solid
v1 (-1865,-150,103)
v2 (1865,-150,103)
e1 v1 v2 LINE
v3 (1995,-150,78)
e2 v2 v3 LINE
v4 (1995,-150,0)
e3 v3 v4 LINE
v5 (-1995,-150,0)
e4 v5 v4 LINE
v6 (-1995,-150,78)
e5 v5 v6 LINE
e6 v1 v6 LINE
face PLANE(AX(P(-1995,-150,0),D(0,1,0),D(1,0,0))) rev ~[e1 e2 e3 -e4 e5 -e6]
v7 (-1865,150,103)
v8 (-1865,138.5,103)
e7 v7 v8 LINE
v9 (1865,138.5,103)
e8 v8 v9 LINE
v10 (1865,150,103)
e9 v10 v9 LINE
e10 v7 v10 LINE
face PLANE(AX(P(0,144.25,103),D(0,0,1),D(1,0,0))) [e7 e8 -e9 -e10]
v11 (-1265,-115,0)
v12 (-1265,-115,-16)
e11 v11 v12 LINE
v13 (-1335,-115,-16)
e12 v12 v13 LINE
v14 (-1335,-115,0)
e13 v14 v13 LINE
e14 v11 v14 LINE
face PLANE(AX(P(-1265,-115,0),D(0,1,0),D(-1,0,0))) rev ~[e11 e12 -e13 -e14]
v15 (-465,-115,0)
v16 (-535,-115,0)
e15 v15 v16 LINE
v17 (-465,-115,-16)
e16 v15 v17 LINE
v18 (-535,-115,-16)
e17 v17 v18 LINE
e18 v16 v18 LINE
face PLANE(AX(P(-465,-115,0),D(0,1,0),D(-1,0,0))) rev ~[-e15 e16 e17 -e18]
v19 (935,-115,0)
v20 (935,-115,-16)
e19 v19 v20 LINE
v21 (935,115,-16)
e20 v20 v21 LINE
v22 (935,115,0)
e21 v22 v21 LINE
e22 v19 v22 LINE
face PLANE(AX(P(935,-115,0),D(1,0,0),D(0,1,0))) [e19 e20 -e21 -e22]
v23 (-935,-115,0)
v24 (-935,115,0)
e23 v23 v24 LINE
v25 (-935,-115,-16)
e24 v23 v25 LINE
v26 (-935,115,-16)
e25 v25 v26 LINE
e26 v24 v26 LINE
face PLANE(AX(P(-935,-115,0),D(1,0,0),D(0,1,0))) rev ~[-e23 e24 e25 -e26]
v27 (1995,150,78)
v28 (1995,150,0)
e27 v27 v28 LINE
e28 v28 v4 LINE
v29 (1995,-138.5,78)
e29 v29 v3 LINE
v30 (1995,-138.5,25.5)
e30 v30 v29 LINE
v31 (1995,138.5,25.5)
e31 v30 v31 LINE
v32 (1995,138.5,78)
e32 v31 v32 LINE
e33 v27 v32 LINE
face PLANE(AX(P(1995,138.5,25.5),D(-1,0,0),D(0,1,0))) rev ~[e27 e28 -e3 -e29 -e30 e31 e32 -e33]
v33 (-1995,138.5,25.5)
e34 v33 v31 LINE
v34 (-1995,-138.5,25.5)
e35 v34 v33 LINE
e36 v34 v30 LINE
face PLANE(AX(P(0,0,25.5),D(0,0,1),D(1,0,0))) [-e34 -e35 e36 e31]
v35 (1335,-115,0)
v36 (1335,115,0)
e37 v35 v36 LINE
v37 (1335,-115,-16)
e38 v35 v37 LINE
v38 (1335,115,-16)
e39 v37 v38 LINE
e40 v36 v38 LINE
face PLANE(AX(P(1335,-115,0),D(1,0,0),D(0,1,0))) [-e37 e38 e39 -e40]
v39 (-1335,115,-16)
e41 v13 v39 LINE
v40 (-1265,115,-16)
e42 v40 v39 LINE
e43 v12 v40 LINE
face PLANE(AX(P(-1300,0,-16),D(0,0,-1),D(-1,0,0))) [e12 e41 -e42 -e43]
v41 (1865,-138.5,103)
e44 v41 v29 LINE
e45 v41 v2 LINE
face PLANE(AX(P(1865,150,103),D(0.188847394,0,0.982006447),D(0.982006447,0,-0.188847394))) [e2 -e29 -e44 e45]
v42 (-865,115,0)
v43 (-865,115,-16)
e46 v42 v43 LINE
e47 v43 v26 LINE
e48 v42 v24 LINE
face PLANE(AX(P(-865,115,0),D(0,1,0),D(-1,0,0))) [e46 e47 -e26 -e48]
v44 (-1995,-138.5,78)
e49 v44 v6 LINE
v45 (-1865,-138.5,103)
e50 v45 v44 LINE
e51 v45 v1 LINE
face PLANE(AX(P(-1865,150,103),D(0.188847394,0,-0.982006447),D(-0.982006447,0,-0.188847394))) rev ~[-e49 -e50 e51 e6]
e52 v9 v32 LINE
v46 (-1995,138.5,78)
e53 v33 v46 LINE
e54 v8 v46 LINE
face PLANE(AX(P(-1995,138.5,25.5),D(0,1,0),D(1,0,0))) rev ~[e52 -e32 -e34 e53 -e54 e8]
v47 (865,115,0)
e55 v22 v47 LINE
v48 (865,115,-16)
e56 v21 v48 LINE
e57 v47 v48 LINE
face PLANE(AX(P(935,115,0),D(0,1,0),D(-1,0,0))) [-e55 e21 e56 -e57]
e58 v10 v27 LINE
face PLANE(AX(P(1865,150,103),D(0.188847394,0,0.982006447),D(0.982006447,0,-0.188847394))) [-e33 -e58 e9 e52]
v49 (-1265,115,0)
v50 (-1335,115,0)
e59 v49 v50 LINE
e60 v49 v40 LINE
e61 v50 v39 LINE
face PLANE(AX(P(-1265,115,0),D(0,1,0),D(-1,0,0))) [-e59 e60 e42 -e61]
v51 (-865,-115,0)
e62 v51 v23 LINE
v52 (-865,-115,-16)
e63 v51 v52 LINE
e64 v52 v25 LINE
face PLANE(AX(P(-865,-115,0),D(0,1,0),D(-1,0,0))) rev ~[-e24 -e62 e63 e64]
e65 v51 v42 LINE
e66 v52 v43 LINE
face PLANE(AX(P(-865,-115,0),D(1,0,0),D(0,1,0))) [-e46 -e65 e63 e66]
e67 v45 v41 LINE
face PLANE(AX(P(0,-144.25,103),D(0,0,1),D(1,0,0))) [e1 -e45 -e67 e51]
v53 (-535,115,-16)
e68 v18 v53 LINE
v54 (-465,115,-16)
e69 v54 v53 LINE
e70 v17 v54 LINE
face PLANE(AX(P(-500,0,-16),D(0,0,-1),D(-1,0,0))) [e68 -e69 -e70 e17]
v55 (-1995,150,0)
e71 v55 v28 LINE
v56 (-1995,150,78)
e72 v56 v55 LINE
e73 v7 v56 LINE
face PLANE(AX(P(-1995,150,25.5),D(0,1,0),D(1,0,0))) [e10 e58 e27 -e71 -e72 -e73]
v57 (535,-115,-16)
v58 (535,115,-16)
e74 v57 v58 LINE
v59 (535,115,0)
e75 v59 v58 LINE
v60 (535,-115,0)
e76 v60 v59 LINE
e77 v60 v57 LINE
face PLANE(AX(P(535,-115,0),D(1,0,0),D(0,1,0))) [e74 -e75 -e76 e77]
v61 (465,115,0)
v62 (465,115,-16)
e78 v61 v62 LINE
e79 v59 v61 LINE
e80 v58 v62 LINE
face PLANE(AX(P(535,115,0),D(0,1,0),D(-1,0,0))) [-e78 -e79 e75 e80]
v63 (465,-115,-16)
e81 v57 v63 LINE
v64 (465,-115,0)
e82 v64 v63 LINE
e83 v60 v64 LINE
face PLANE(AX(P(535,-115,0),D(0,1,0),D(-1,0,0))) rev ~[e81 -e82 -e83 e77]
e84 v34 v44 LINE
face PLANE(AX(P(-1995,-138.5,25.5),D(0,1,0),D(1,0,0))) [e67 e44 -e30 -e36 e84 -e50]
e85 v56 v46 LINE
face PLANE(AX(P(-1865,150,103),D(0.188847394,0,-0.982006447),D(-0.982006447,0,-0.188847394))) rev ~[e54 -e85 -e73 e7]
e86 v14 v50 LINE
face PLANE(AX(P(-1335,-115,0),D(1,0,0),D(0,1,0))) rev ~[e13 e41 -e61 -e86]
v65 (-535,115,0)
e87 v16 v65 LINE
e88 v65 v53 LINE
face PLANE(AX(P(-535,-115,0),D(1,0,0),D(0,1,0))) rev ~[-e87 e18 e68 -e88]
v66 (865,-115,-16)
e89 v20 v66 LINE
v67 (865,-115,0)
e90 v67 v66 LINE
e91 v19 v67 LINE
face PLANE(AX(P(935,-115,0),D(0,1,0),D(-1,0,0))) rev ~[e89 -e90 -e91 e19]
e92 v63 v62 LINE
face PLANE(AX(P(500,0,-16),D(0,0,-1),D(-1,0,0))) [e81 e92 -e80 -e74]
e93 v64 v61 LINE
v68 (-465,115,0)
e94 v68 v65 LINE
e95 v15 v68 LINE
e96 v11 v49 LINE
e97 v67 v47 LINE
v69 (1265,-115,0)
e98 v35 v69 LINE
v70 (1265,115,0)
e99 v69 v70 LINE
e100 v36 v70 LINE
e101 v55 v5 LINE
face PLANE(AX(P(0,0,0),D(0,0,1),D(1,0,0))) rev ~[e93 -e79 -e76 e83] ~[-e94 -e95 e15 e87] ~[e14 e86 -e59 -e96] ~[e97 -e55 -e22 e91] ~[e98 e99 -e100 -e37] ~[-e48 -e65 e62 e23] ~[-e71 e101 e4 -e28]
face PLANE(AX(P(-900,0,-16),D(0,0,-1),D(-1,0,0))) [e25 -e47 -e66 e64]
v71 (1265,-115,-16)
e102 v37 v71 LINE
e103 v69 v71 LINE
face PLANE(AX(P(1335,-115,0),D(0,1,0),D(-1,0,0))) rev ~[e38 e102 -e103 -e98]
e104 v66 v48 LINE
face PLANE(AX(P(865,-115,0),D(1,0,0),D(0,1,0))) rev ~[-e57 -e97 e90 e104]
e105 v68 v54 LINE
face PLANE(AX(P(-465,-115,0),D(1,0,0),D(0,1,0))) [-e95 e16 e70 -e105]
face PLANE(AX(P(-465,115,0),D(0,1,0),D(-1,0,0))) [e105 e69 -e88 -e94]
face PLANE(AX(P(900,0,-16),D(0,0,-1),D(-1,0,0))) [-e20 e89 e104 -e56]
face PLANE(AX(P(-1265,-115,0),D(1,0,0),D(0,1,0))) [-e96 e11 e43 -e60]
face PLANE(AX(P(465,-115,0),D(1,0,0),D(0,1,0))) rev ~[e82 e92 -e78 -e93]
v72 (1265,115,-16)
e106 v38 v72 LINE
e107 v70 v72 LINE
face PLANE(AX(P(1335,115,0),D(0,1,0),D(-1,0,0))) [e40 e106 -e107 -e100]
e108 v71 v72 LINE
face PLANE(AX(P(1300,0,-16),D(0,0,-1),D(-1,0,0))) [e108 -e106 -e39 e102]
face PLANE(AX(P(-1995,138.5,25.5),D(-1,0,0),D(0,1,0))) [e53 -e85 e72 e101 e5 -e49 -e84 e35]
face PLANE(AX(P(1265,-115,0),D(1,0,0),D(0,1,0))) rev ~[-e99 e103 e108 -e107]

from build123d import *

# Parameters (mm, degrees)
SKETCH_1_W          = 3990
SKETCH_1_H          = 300
SKETCH_1_R          = 13
SKETCH_1_R_2        = 11.5
EXTRUDE_1608_DEPTH  = 25.5
SKETCH_2_W          = 3990
SKETCH_2_H          = 11.5
EXTRUDE_1_DEPTH     = 77.5
SKETCH_3_W          = 70
SKETCH_3_H          = 230
EXTRUDE_2_DEPTH     = 16
SKETCH_4_R          = 13
CUT_EXTRUDE_1_DEPTH = 2003.131676489
CUT_EXTRUDE_2_DEPTH = 2021.057919962
SKETCH_6_W          = 3990
SKETCH_6_H          = 277
EXTRUDE_3_DEPTH     = 25.5
SKETCH_7_W          = 70
SKETCH_7_H          = 230
EXTRUDE_4_DEPTH     = 16


with BuildPart() as part:
    # 草图1 → Extrude 1608 (new body)
    with BuildSketch(Plane.XY):
        Rectangle(SKETCH_1_W, SKETCH_1_H)
        with Locations((1940, 80)):
            Circle(SKETCH_1_R, mode=Mode.SUBTRACT)
        with Locations((1860, 80)):
            Circle(SKETCH_1_R, mode=Mode.SUBTRACT)
        with Locations((1780, 80)):
            Circle(SKETCH_1_R, mode=Mode.SUBTRACT)
        with Locations((1700, 80)):
            Circle(SKETCH_1_R, mode=Mode.SUBTRACT)
        with Locations((1540, 80)):
            Circle(SKETCH_1_R_2, mode=Mode.SUBTRACT)
        with Locations((1380, 80)):
            Circle(SKETCH_1_R_2, mode=Mode.SUBTRACT)
        with Locations((1220, 80)):
            Circle(SKETCH_1_R_2, mode=Mode.SUBTRACT)
        with Locations((1060, 80)):
            Circle(SKETCH_1_R_2, mode=Mode.SUBTRACT)
        with Locations((980, 80)):
            Circle(SKETCH_1_R_2, mode=Mode.SUBTRACT)
        with Locations((820, 80)):
            Circle(SKETCH_1_R_2, mode=Mode.SUBTRACT)
        with Locations((740, 80)):
            Circle(SKETCH_1_R_2, mode=Mode.SUBTRACT)
        with Locations((580, 80)):
            Circle(SKETCH_1_R_2, mode=Mode.SUBTRACT)
        with Locations((980, 0)):
            Circle(SKETCH_1_R_2, mode=Mode.SUBTRACT)
        with Locations((1060, 0)):
            Circle(SKETCH_1_R_2, mode=Mode.SUBTRACT)
        with Locations((820, 0)):
            Circle(SKETCH_1_R_2, mode=Mode.SUBTRACT)
        with Locations((740, 0)):
            Circle(SKETCH_1_R_2, mode=Mode.SUBTRACT)
        with Locations((580, 0)):
            Circle(SKETCH_1_R_2, mode=Mode.SUBTRACT)
        with Locations((1220, 0)):
            Circle(SKETCH_1_R_2, mode=Mode.SUBTRACT)
        with Locations((1380, 0)):
            Circle(SKETCH_1_R_2, mode=Mode.SUBTRACT)
        with Locations((1540, 0)):
            Circle(SKETCH_1_R_2, mode=Mode.SUBTRACT)
        with Locations((1700, 0)):
            Circle(SKETCH_1_R, mode=Mode.SUBTRACT)
        with Locations((1780, 0)):
            Circle(SKETCH_1_R, mode=Mode.SUBTRACT)
        with Locations((1860, 0)):
            Circle(SKETCH_1_R, mode=Mode.SUBTRACT)
        with Locations((1940, 0)):
            Circle(SKETCH_1_R, mode=Mode.SUBTRACT)
        with Locations((420, 80)):
            Circle(SKETCH_1_R_2, mode=Mode.SUBTRACT)
        with Locations((420, 0)):
            Circle(SKETCH_1_R_2, mode=Mode.SUBTRACT)
        with Locations((300, 0)):
            Circle(SKETCH_1_R_2, mode=Mode.SUBTRACT)
        with Locations((300, 80)):
            Circle(SKETCH_1_R_2, mode=Mode.SUBTRACT)
        with Locations((220, 80)):
            Circle(SKETCH_1_R_2, mode=Mode.SUBTRACT)
        with Locations((220, 0)):
            Circle(SKETCH_1_R_2, mode=Mode.SUBTRACT)
        with Locations((140, 0)):
            Circle(SKETCH_1_R, mode=Mode.SUBTRACT)
        with Locations((140, 80)):
            Circle(SKETCH_1_R, mode=Mode.SUBTRACT)
        with Locations((60, 80)):
            Circle(SKETCH_1_R, mode=Mode.SUBTRACT)
        with Locations((60, 0)):
            Circle(SKETCH_1_R, mode=Mode.SUBTRACT)
        with Locations(Location((1700, -80, 0), (0, 0, 180))):
            Circle(SKETCH_1_R, mode=Mode.SUBTRACT)
        with Locations(Location((1780, -80, 0), (0, 0, 180))):
            Circle(SKETCH_1_R, mode=Mode.SUBTRACT)
        with Locations(Location((1860, -80, 0), (0, 0, 180))):
            Circle(SKETCH_1_R, mode=Mode.SUBTRACT)
        with Locations(Location((1940, -80, 0), (0, 0, 180))):
            Circle(SKETCH_1_R, mode=Mode.SUBTRACT)
        with Locations(Location((580, -80, 0), (0, 0, 180))):
            Circle(SKETCH_1_R_2, mode=Mode.SUBTRACT)
        with Locations(Location((740, -80, 0), (0, 0, 180))):
            Circle(SKETCH_1_R_2, mode=Mode.SUBTRACT)
        with Locations(Location((820, -80, 0), (0, 0, 180))):
            Circle(SKETCH_1_R_2, mode=Mode.SUBTRACT)
        with Locations(Location((980, -80, 0), (0, 0, 180))):
            Circle(SKETCH_1_R_2, mode=Mode.SUBTRACT)
        with Locations(Location((1060, -80, 0), (0, 0, 180))):
            Circle(SKETCH_1_R_2, mode=Mode.SUBTRACT)
        with Locations(Location((1220, -80, 0), (0, 0, 180))):
            Circle(SKETCH_1_R_2, mode=Mode.SUBTRACT)
        with Locations(Location((1380, -80, 0), (0, 0, 180))):
            Circle(SKETCH_1_R_2, mode=Mode.SUBTRACT)
        with Locations(Location((1540, -80, 0), (0, 0, 180))):
            Circle(SKETCH_1_R_2, mode=Mode.SUBTRACT)
        with Locations(Location((220, -80, 0), (0, 0, 180))):
            Circle(SKETCH_1_R_2, mode=Mode.SUBTRACT)
        with Locations(Location((300, -80, 0), (0, 0, 180))):
            Circle(SKETCH_1_R_2, mode=Mode.SUBTRACT)
        with Locations(Location((420, -80, 0), (0, 0, 180))):
            Circle(SKETCH_1_R_2, mode=Mode.SUBTRACT)
        with Locations(Location((60, -80, 0), (0, 0, 180))):
            Circle(SKETCH_1_R, mode=Mode.SUBTRACT)
        with Locations(Location((140, -80, 0), (0, 0, 180))):
            Circle(SKETCH_1_R, mode=Mode.SUBTRACT)
        with Locations((-140, -80)):
            Circle(SKETCH_1_R, mode=Mode.SUBTRACT)
        with Locations((-60, -80)):
            Circle(SKETCH_1_R, mode=Mode.SUBTRACT)
        with Locations((-580, -80)):
            Circle(SKETCH_1_R_2, mode=Mode.SUBTRACT)
        with Locations((-420, -80)):
            Circle(SKETCH_1_R_2, mode=Mode.SUBTRACT)
        with Locations((-300, -80)):
            Circle(SKETCH_1_R_2, mode=Mode.SUBTRACT)
        with Locations((-220, -80)):
            Circle(SKETCH_1_R_2, mode=Mode.SUBTRACT)
        with Locations((-1540, -80)):
            Circle(SKETCH_1_R_2, mode=Mode.SUBTRACT)
        with Locations((-1380, -80)):
            Circle(SKETCH_1_R_2, mode=Mode.SUBTRACT)
        with Locations((-1220, -80)):
            Circle(SKETCH_1_R_2, mode=Mode.SUBTRACT)
        with Locations((-1060, -80)):
            Circle(SKETCH_1_R_2, mode=Mode.SUBTRACT)
        with Locations((-980, -80)):
            Circle(SKETCH_1_R_2, mode=Mode.SUBTRACT)
        with Locations((-820, -80)):
            Circle(SKETCH_1_R_2, mode=Mode.SUBTRACT)
        with Locations((-740, -80)):
            Circle(SKETCH_1_R_2, mode=Mode.SUBTRACT)
        with Locations((-1940, -80)):
            Circle(SKETCH_1_R, mode=Mode.SUBTRACT)
        with Locations((-1860, -80)):
            Circle(SKETCH_1_R, mode=Mode.SUBTRACT)
        with Locations((-1780, -80)):
            Circle(SKETCH_1_R, mode=Mode.SUBTRACT)
        with Locations((-1700, -80)):
            Circle(SKETCH_1_R, mode=Mode.SUBTRACT)
        with Locations(Location((-60, 0, 0), (0, 0, 180))):
            Circle(SKETCH_1_R, mode=Mode.SUBTRACT)
        with Locations(Location((-60, 80, 0), (0, 0, 180))):
            Circle(SKETCH_1_R, mode=Mode.SUBTRACT)
        with Locations(Location((-140, 80, 0), (0, 0, 180))):
            Circle(SKETCH_1_R, mode=Mode.SUBTRACT)
        with Locations(Location((-140, 0, 0), (0, 0, 180))):
            Circle(SKETCH_1_R, mode=Mode.SUBTRACT)
        with Locations(Location((-220, 0, 0), (0, 0, 180))):
            Circle(SKETCH_1_R_2, mode=Mode.SUBTRACT)
        with Locations(Location((-220, 80, 0), (0, 0, 180))):
            Circle(SKETCH_1_R_2, mode=Mode.SUBTRACT)
        with Locations(Location((-300, 80, 0), (0, 0, 180))):
            Circle(SKETCH_1_R_2, mode=Mode.SUBTRACT)
        with Locations(Location((-300, 0, 0), (0, 0, 180))):
            Circle(SKETCH_1_R_2, mode=Mode.SUBTRACT)
        with Locations(Location((-420, 0, 0), (0, 0, 180))):
            Circle(SKETCH_1_R_2, mode=Mode.SUBTRACT)
        with Locations(Location((-420, 80, 0), (0, 0, 180))):
            Circle(SKETCH_1_R_2, mode=Mode.SUBTRACT)
        with Locations(Location((-1940, 0, 0), (0, 0, 180))):
            Circle(SKETCH_1_R, mode=Mode.SUBTRACT)
        with Locations(Location((-1860, 0, 0), (0, 0, 180))):
            Circle(SKETCH_1_R, mode=Mode.SUBTRACT)
        with Locations(Location((-1780, 0, 0), (0, 0, 180))):
            Circle(SKETCH_1_R, mode=Mode.SUBTRACT)
        with Locations(Location((-1700, 0, 0), (0, 0, 180))):
            Circle(SKETCH_1_R, mode=Mode.SUBTRACT)
        with Locations(Location((-1540, 0, 0), (0, 0, 180))):
            Circle(SKETCH_1_R_2, mode=Mode.SUBTRACT)
        with Locations(Location((-1380, 0, 0), (0, 0, 180))):
            Circle(SKETCH_1_R_2, mode=Mode.SUBTRACT)
        with Locations(Location((-1220, 0, 0), (0, 0, 180))):
            Circle(SKETCH_1_R_2, mode=Mode.SUBTRACT)
        with Locations(Location((-580, 0, 0), (0, 0, 180))):
            Circle(SKETCH_1_R_2, mode=Mode.SUBTRACT)
        with Locations(Location((-740, 0, 0), (0, 0, 180))):
            Circle(SKETCH_1_R_2, mode=Mode.SUBTRACT)
        with Locations(Location((-820, 0, 0), (0, 0, 180))):
            Circle(SKETCH_1_R_2, mode=Mode.SUBTRACT)
        with Locations(Location((-1060, 0, 0), (0, 0, 180))):
            Circle(SKETCH_1_R_2, mode=Mode.SUBTRACT)
        with Locations(Location((-980, 0, 0), (0, 0, 180))):
            Circle(SKETCH_1_R_2, mode=Mode.SUBTRACT)
        with Locations(Location((-580, 80, 0), (0, 0, 180))):
            Circle(SKETCH_1_R_2, mode=Mode.SUBTRACT)
        with Locations(Location((-740, 80, 0), (0, 0, 180))):
            Circle(SKETCH_1_R_2, mode=Mode.SUBTRACT)
        with Locations(Location((-820, 80, 0), (0, 0, 180))):
            Circle(SKETCH_1_R_2, mode=Mode.SUBTRACT)
        with Locations(Location((-980, 80, 0), (0, 0, 180))):
            Circle(SKETCH_1_R_2, mode=Mode.SUBTRACT)
        with Locations(Location((-1060, 80, 0), (0, 0, 180))):
            Circle(SKETCH_1_R_2, mode=Mode.SUBTRACT)
        with Locations(Location((-1220, 80, 0), (0, 0, 180))):
            Circle(SKETCH_1_R_2, mode=Mode.SUBTRACT)
        with Locations(Location((-1380, 80, 0), (0, 0, 180))):
            Circle(SKETCH_1_R_2, mode=Mode.SUBTRACT)
        with Locations(Location((-1540, 80, 0), (0, 0, 180))):
            Circle(SKETCH_1_R_2, mode=Mode.SUBTRACT)
        with Locations(Location((-1700, 80, 0), (0, 0, 180))):
            Circle(SKETCH_1_R, mode=Mode.SUBTRACT)
        with Locations(Location((-1780, 80, 0), (0, 0, 180))):
            Circle(SKETCH_1_R, mode=Mode.SUBTRACT)
        with Locations(Location((-1860, 80, 0), (0, 0, 180))):
            Circle(SKETCH_1_R, mode=Mode.SUBTRACT)
        with Locations(Location((-1940, 80, 0), (0, 0, 180))):
            Circle(SKETCH_1_R, mode=Mode.SUBTRACT)
    extrude(amount=EXTRUDE_1608_DEPTH)

    # 草图2 → 凸台-拉伸1 (add)
    with BuildSketch(Plane.XY.offset(25.5)):
        with Locations((0, 144.25)):
            Rectangle(SKETCH_2_W, SKETCH_2_H)
        with Locations((0, -144.25)):
            Rectangle(SKETCH_2_W, SKETCH_2_H)
    extrude(amount=EXTRUDE_1_DEPTH)

    # 草图3 → 凸台-拉伸2 (add)
    with BuildSketch(Plane(origin=(0, 0, 0), x_dir=(-1, 0, 0), z_dir=(0, 0, -1))):
        with Locations((1300, 0)):
            Rectangle(SKETCH_3_W, SKETCH_3_H)
        with Locations((900, 0)):
            Rectangle(SKETCH_3_W, SKETCH_3_H)
        with Locations((-1300, 0)):
            Rectangle(SKETCH_3_W, SKETCH_3_H)
        with Locations((500, 0)):
            Rectangle(SKETCH_3_W, SKETCH_3_H)
        with Locations((-900, 0)):
            Rectangle(SKETCH_3_W, SKETCH_3_H)
        with Locations((-500, 0)):
            Rectangle(SKETCH_3_W, SKETCH_3_H)
    extrude(amount=EXTRUDE_2_DEPTH)

    # 草图4 → 切除-拉伸1 (cut, through all)
    with BuildSketch(Plane.XY.offset(25.5)):
        with Locations((1300, 80)):
            Circle(SKETCH_4_R)
        with Locations((900, 80)):
            Circle(SKETCH_4_R)
        with Locations((900, 0)):
            Circle(SKETCH_4_R)
        with Locations((1300, 0)):
            Circle(SKETCH_4_R)
        with Locations((900, -80)):
            Circle(SKETCH_4_R)
        with Locations((1300, -80)):
            Circle(SKETCH_4_R)
        with Locations((500, 80)):
            Circle(SKETCH_4_R)
        with Locations((500, 0)):
            Circle(SKETCH_4_R)
        with Locations((500, -80)):
            Circle(SKETCH_4_R)
        with Locations((-500, -80)):
            Circle(SKETCH_4_R)
        with Locations((-500, 0)):
            Circle(SKETCH_4_R)
        with Locations((-500, 80)):
            Circle(SKETCH_4_R)
        with Locations((-1300, -80)):
            Circle(SKETCH_4_R)
        with Locations((-900, -80)):
            Circle(SKETCH_4_R)
        with Locations((-1300, 0)):
            Circle(SKETCH_4_R)
        with Locations((-900, 0)):
            Circle(SKETCH_4_R)
        with Locations((-900, 80)):
            Circle(SKETCH_4_R)
        with Locations((-1300, 80)):
            Circle(SKETCH_4_R)
    extrude(amount=-CUT_EXTRUDE_1_DEPTH, mode=Mode.SUBTRACT)

    # 草图5 → 切除-拉伸2 (cut, through all)
    with BuildSketch(Plane(origin=(0, 150, 0), x_dir=(-1, 0, 0), z_dir=(0, 1, 0))):
        Polygon((-1995, 78), (-1995, 103), (-1865, 103), align=None)
        Polygon((1865, 103), (1995, 78), (1995, 103), align=None)
    extrude(amount=-CUT_EXTRUDE_2_DEPTH, mode=Mode.SUBTRACT)

    # 草图6 → 凸台-拉伸3 (add)
    with BuildSketch(Plane.XY.offset(25.5)):
        Rectangle(SKETCH_6_W, SKETCH_6_H)
    extrude(amount=-EXTRUDE_3_DEPTH)

    # 草图7 → 凸台-拉伸4 (add)
    with BuildSketch(Plane(origin=(0, 0, 0), x_dir=(-1, 0, 0), z_dir=(0, 0, -1))):
        with Locations((-1300, 0)):
            Rectangle(SKETCH_7_W, SKETCH_7_H)
        with Locations((-900, 0)):
            Rectangle(SKETCH_7_W, SKETCH_7_H)
        with Locations((-500, 0)):
            Rectangle(SKETCH_7_W, SKETCH_7_H)
        with Locations((500, 0)):
            Rectangle(SKETCH_7_W, SKETCH_7_H)
        with Locations((900, 0)):
            Rectangle(SKETCH_7_W, SKETCH_7_H)
        with Locations((1300, 0)):
            Rectangle(SKETCH_7_W, SKETCH_7_H)
    extrude(amount=EXTRUDE_4_DEPTH)


solid = part.part
